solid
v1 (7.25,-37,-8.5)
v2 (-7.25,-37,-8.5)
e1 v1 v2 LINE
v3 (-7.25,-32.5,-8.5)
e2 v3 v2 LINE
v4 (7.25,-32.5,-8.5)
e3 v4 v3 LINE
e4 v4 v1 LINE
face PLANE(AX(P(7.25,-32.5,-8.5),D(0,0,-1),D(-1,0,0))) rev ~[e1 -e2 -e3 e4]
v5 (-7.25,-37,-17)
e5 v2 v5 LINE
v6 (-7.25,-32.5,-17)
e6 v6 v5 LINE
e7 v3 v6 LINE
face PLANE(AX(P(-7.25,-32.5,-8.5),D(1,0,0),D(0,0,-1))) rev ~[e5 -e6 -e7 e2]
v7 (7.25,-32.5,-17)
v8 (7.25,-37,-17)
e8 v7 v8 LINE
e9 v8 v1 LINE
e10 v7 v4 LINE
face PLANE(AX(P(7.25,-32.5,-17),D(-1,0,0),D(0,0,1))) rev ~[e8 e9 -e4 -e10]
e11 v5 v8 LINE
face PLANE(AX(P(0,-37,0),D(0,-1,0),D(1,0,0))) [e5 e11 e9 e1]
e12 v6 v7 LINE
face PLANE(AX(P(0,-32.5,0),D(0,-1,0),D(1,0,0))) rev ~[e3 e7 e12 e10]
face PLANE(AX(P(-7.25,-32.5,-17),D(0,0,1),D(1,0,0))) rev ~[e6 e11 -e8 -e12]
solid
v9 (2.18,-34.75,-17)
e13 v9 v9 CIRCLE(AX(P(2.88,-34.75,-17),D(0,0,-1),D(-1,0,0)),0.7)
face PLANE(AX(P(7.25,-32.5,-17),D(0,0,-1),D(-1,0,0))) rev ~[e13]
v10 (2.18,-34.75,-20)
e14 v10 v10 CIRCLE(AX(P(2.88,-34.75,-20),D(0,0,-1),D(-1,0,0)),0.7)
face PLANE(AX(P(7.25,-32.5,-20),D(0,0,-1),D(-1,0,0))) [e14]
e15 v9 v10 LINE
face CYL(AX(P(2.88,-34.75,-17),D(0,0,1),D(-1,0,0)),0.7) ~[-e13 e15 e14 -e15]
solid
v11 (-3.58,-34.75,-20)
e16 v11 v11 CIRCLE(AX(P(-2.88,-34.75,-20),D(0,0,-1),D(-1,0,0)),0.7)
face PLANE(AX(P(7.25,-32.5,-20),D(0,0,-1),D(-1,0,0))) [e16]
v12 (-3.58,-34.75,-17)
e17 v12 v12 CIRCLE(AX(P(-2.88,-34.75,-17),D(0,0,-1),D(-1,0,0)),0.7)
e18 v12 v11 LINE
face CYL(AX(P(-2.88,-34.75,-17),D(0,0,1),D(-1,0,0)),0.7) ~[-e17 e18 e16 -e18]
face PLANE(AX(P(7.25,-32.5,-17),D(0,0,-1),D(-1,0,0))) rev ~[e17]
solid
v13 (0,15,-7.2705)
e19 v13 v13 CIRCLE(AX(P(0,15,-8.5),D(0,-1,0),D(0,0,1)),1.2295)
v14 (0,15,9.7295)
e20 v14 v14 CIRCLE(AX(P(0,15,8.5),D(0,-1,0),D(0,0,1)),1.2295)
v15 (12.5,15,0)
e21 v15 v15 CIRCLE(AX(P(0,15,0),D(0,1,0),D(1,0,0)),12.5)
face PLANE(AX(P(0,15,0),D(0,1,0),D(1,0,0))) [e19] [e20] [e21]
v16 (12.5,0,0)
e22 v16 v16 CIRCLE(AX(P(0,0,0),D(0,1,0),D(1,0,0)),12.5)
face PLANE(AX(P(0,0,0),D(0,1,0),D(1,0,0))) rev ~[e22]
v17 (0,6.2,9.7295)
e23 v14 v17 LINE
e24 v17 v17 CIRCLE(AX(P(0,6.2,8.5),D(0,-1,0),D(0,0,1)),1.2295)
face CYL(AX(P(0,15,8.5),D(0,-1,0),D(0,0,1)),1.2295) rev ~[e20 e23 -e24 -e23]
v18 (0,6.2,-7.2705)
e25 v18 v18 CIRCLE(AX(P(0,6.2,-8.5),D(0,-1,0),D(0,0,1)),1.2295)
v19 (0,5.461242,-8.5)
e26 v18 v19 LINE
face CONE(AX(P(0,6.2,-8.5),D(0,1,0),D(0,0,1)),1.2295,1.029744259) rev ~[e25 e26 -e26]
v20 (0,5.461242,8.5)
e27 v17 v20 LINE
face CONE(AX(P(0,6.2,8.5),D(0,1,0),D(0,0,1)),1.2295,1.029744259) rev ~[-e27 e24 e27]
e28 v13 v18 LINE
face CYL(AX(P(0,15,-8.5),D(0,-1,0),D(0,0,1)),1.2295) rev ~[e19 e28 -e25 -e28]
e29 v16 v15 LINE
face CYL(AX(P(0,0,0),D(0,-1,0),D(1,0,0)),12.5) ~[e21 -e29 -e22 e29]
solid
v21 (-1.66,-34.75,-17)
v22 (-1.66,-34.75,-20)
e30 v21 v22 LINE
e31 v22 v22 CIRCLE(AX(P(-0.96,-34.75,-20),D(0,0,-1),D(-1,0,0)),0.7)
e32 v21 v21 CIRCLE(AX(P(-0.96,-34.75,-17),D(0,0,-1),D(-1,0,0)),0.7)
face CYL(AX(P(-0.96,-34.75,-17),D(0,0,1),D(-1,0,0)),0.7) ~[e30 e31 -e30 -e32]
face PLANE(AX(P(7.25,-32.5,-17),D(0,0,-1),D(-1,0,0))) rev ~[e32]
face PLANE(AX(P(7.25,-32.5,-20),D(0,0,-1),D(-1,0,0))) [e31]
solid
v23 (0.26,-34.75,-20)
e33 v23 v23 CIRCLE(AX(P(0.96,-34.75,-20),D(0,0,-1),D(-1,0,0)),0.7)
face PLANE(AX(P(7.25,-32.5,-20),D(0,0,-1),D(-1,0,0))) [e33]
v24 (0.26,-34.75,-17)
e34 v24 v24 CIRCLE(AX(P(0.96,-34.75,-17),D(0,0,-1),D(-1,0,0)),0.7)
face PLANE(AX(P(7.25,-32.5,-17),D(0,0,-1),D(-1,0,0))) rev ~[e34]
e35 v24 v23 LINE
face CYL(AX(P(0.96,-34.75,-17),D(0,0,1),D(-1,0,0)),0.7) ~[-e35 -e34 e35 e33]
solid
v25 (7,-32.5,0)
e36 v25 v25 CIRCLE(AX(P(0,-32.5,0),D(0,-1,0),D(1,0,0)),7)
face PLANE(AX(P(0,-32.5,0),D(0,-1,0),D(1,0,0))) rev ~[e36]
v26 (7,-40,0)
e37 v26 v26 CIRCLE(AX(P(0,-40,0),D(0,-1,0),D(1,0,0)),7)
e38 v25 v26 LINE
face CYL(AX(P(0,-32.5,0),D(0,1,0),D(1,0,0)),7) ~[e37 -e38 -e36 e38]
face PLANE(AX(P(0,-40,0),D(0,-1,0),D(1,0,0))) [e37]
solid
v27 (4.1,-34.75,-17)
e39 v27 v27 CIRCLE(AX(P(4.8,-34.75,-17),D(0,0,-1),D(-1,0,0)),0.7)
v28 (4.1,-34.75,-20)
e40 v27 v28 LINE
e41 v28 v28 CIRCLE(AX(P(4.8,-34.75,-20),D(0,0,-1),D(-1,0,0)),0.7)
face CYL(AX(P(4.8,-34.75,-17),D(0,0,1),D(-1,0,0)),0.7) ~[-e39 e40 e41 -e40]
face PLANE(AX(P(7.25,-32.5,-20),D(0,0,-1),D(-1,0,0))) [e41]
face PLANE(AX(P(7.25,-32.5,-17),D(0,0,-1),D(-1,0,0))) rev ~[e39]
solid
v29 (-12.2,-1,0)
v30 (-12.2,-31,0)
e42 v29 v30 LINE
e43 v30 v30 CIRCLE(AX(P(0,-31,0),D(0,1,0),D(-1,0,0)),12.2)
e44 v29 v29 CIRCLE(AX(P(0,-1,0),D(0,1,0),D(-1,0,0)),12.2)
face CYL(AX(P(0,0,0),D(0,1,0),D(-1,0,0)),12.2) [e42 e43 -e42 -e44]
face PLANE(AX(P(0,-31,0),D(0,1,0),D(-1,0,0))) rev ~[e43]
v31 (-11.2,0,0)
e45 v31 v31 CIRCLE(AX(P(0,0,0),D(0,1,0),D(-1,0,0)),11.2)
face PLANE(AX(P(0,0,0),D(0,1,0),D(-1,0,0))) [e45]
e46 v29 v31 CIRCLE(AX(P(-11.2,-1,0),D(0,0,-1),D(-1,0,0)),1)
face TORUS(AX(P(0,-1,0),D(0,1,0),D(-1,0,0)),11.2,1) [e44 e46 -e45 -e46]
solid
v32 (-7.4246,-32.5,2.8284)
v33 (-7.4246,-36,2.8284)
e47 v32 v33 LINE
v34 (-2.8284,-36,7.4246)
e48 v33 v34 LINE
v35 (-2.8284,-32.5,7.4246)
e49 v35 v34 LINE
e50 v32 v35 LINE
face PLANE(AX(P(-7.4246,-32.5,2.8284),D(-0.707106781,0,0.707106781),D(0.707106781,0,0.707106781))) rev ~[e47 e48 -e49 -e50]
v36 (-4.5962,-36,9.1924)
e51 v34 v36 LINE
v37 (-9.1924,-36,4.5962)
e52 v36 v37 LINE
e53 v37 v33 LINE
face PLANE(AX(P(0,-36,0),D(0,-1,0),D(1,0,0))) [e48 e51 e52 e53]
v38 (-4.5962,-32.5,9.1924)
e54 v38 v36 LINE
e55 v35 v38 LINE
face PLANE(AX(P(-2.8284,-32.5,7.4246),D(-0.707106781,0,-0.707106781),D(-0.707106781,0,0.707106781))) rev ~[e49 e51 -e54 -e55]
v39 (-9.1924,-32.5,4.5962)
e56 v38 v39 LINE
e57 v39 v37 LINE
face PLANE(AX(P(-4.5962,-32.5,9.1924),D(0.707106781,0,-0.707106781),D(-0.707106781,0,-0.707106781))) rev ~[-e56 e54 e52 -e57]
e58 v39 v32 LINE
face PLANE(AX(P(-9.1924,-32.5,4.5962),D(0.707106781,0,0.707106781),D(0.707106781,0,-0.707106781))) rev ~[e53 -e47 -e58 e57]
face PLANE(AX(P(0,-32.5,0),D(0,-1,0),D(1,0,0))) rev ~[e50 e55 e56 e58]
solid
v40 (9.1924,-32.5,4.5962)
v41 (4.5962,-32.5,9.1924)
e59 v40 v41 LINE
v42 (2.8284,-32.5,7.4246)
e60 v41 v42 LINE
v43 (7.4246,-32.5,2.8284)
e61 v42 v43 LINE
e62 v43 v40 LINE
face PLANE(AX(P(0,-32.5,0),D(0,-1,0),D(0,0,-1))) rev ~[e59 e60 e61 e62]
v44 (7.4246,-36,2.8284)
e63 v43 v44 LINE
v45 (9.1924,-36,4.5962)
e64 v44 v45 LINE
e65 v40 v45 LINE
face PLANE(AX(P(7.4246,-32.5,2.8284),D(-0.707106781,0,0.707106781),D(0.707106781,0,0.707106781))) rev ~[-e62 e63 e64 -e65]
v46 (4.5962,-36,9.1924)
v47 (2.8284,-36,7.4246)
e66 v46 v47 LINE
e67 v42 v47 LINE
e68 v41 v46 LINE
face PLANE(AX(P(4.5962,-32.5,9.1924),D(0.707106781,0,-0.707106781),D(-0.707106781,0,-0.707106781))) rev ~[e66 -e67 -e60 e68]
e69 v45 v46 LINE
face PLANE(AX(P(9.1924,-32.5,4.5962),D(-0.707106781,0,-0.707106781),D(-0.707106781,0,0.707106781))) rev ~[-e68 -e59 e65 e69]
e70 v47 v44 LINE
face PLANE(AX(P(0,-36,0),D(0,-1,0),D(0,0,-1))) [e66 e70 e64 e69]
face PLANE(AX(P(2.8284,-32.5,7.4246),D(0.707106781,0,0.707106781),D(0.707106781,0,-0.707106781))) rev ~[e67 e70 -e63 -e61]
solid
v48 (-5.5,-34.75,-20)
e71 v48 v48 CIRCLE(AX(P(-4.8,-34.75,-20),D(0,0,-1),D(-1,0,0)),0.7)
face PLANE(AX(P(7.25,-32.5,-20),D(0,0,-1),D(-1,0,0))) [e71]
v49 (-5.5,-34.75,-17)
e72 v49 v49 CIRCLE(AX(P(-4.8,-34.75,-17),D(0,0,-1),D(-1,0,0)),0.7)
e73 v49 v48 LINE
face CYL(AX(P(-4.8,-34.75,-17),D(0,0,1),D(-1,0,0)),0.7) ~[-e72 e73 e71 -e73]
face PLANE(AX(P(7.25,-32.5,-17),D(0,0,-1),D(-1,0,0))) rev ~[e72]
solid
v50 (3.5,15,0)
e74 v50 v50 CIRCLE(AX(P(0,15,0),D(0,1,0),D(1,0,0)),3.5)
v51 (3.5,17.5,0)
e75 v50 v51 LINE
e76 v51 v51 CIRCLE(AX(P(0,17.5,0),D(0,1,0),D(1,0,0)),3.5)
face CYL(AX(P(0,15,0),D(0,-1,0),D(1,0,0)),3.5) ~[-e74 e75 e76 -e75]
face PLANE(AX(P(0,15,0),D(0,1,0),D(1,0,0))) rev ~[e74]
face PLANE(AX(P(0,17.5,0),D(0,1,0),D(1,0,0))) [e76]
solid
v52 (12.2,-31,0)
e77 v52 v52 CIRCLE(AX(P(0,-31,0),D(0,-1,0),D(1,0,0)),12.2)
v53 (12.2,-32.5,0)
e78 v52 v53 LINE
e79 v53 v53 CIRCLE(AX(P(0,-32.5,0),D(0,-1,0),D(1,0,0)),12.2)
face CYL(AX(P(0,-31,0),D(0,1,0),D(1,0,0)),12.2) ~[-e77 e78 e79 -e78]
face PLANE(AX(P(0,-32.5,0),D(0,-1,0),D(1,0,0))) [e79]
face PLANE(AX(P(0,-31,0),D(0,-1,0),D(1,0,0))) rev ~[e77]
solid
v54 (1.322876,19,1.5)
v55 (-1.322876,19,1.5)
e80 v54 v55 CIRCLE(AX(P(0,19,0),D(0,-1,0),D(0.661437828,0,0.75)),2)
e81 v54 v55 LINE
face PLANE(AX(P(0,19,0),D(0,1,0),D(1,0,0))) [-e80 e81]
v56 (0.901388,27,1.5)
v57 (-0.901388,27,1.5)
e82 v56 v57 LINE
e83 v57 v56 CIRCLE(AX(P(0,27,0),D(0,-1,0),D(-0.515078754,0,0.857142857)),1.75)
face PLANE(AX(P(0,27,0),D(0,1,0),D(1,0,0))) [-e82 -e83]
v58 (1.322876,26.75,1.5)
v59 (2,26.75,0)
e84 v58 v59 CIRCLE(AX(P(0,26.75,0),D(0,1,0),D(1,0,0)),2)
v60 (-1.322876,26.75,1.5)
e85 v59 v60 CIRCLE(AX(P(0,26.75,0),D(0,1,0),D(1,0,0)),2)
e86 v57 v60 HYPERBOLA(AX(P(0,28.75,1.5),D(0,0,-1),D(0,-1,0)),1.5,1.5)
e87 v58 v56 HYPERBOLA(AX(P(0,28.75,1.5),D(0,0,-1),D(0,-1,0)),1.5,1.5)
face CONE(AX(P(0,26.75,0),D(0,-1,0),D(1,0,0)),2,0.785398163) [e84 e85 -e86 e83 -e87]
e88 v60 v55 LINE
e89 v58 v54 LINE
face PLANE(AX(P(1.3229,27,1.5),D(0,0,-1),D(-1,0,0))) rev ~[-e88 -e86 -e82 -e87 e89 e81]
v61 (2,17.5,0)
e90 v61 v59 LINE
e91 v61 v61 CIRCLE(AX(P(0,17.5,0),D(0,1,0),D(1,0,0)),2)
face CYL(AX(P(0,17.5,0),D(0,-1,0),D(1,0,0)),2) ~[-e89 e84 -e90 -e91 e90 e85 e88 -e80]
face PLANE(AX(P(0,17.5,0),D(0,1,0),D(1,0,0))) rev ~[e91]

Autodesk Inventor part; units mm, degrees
ref_plane "YZ Plane" through (0, 0, 0) normal (1, 0, 0) x (0, 1, 0)
ref_plane "XZ Plane" through (0, 0, 0) normal (0, 1, 0) x (-1, 0, 0)
ref_plane "XY Plane" through (0, 0, 0) normal (0, 0, 1) x (1, 0, 0)
sketch "Sketch1" plane through (0, 0, 0) normal (0, 1, 0) x (-1, 0, 0)
  circle A0 centre (0, 0) radius 12.2
  dimension "d0" = 24.4
extrude "Extrusion1" add sketch "Sketch1" against normal blind 31
fillet "Fillet1" radius 1 1 edges at (12.2, 0, 0)
sketch "Sketch2" plane through (0, -31, 0) normal (0, -1, 0) x (1, 0, 0)
  circle A0 centre (0, 0) radius 12.2 projected
extrude "Extrusion2" add sketch "Sketch2" along normal blind 1.5 separate body
sketch "Sketch3" plane through (0, -32.5, 0) normal (0, -1, 0) x (1, 0, 0)
  circle A0 centre (0, 0) radius 7
  dimension "d6" = 14
extrude "Extrusion3" add sketch "Sketch3" along normal blind 7.5 separate body
sketch "Sketch4" plane through (0, -32.5, 0) normal (0, -1, 0) x (1, 0, 0)
  circle A0 centre (0, 0) radius 6.75 construction
  line L0 (-7.4246, 2.8284) -> (-2.8284, 7.4246)
  line L1 (-2.8284, 7.4246) -> (-4.5962, 9.1924)
  line L2 (-4.5962, 9.1924) -> (-9.1924, 4.5962)
  line L3 (-9.1924, 4.5962) -> (-7.4246, 2.8284)
  line L4 (-7.4246, 2.8284) -> (-4.5962, 9.1924) construction
  line L5 (-2.8284, 7.4246) -> (-9.1924, 4.5962) construction
  line L6 (0, 0) -> (-6.0104, 6.0104) construction
  line L7 (0, 0) -> (-12.2, 0) construction
  circle A1 centre (0, 0) radius 12.2 construction
  point P0 (4.773, -4.773)
  dimension "d9" = 13.5
  dimension "d10" = 6.5
  dimension "d11" = 2.5
  dimension "d12" = 45
  dimension "d13" = 16.5
extrude "Extrusion4" add sketch "Sketch4" along normal blind 3.5 separate body
pattern_circular "Circular Pattern1" count 2 over 90 about axis through (0, -32.5, 0) along (0, 1, 0) of "Extrusion4" bodies 4
sketch "Sketch5" plane through (0, -32.5, 0) normal (0, -1, 0) x (1, 0, 0)
  line L0 (-7.25, -17) -> (7.25, -17)
  line L1 (7.25, -17) -> (7.25, -8.5)
  line L2 (7.25, -8.5) -> (-7.25, -8.5)
  line L3 (-7.25, -8.5) -> (-7.25, -17)
  line L4 (-7.25, -17) -> (7.25, -8.5) construction
  line L5 (7.25, -17) -> (-7.25, -8.5) construction
  circle A0 centre (0, 0) radius 7 projected
  point P0 (0, -12.75)
  point P1 (0, -12.75)
  dimension "d19" = 17
  dimension "d20" = 8.5
  dimension "d21" = 14.5
extrude "Extrusion5" add sketch "Sketch5" along normal blind 4.5 separate body contours L3 L2 L1 L0
sketch "Sketch6" plane through (7.25, -32.5, -17) normal (0, 0, -1) x (-1, 0, 0)
  line L0 (12.05, -2.25) -> (10.13, -2.25) construction
  line L1 (10.13, -2.25) -> (8.21, -2.25) construction
  line L2 (8.21, -2.25) -> (6.29, -2.25) construction
  line L3 (6.29, -2.25) -> (4.37, -2.25) construction
  line L4 (4.37, -2.25) -> (2.45, -2.25) construction
  circle A0 centre (12.05, -2.25) radius 0.7
  circle A1 centre (10.13, -2.25) radius 0.7
  circle A2 centre (8.21, -2.25) radius 0.7
  circle A3 centre (6.29, -2.25) radius 0.7
  circle A4 centre (4.37, -2.25) radius 0.7
  circle A5 centre (2.45, -2.25) radius 0.7
  line L5 (14.5, 0) -> (14.5, -4.5) projected
  line L6 (14.5, -4.5) -> (0, -4.5) projected
  point P0 (7.25, 32.5)
  point P1 (14.5, -2.25)
  point P2 (7.25, -2.25)
  point P3 (7.25, -4.5)
  dimension "d24" = 9.6
  dimension "d25" = 1.4
extrude "Extrusion6" add sketch "Sketch6" along normal blind 3 separate body contours A0
extrude "Extrusion7" add sketch "Sketch6" along normal blind 3 separate body contours A1
extrude "Extrusion8" add sketch "Sketch6" along normal blind 3 separate body contours A2
extrude "Extrusion9" add sketch "Sketch6" along normal blind 3 separate body contours A3
extrude "Extrusion10" add sketch "Sketch6" along normal blind 3 separate body contours A4
extrude "Extrusion11" add sketch "Sketch6" along normal blind 3 separate body contours A5
sketch "Sketch7" plane through (0, 0, 0) normal (0, 1, 0) x (1, 0, 0)
  circle A0 centre (0, 0) radius 12.5
  dimension "d38" = 25
extrude "Extrusion12" add sketch "Sketch7" along normal blind 15 separate body
sketch "Sketch8" plane through (0, 15, 0) normal (0, 1, 0) x (1, 0, 0)
  circle A0 centre (0, 0) radius 11.2 construction
  circle A1 centre (0, 0) radius 3.5
  dimension "d41" = 7
extrude "Extrusion13" add sketch "Sketch8" along normal blind 2.5 separate body
sketch "Sketch9" plane through (0, 17.5, 0) normal (0, 1, 0) x (1, 0, 0)
  circle A0 centre (0, 0) radius 2
  dimension "d44" = 4
extrude "Extrusion14" add sketch "Sketch9" along normal blind 9.5 separate body
chamfer "Chamfer1" distance 0.25 angle 45 1 edges at (-2, 27, 0)
sketch "Sketch10" plane through (0, 27, 0) normal (0, 1, 0) x (1, 0, 0)
  line L0 (-1.3229, -2) -> (1.3229, -2)
  line L1 (1.3229, -2) -> (1.3229, -1.5)
  line L2 (1.3229, -1.5) -> (-1.3229, -1.5)
  line L3 (-1.3229, -1.5) -> (-1.3229, -2)
  circle A0 centre (0, 0) radius 2 construction
  dimension "d50" = 1.5
extrude "Extrusion15" cut sketch "Sketch10" against normal blind 8 bodies 14
sketch "Sketch11" plane through (0, 15, 0) normal (0, 1, 0) x (1, 0, 0)
  circle A0 centre (0, 0) radius 12.5 construction
  line L0 (0, 8.5) -> (0, -8.5) construction
  line L1 (7.25, 8.5) -> (-7.25, 8.5) construction
  dimension "d53" = 17
hole "Hole1" at (0, 15, -8.5) at (0, 15, 8.5) direction (0, -1, 0) diameter 2.459 depth 8.8 tip angle 118 bodies 12 thread size "M3x0.5" class "6H" standard "ISO Metric profile"
properties part number "JGA25-371_12VDC_105RPM"
